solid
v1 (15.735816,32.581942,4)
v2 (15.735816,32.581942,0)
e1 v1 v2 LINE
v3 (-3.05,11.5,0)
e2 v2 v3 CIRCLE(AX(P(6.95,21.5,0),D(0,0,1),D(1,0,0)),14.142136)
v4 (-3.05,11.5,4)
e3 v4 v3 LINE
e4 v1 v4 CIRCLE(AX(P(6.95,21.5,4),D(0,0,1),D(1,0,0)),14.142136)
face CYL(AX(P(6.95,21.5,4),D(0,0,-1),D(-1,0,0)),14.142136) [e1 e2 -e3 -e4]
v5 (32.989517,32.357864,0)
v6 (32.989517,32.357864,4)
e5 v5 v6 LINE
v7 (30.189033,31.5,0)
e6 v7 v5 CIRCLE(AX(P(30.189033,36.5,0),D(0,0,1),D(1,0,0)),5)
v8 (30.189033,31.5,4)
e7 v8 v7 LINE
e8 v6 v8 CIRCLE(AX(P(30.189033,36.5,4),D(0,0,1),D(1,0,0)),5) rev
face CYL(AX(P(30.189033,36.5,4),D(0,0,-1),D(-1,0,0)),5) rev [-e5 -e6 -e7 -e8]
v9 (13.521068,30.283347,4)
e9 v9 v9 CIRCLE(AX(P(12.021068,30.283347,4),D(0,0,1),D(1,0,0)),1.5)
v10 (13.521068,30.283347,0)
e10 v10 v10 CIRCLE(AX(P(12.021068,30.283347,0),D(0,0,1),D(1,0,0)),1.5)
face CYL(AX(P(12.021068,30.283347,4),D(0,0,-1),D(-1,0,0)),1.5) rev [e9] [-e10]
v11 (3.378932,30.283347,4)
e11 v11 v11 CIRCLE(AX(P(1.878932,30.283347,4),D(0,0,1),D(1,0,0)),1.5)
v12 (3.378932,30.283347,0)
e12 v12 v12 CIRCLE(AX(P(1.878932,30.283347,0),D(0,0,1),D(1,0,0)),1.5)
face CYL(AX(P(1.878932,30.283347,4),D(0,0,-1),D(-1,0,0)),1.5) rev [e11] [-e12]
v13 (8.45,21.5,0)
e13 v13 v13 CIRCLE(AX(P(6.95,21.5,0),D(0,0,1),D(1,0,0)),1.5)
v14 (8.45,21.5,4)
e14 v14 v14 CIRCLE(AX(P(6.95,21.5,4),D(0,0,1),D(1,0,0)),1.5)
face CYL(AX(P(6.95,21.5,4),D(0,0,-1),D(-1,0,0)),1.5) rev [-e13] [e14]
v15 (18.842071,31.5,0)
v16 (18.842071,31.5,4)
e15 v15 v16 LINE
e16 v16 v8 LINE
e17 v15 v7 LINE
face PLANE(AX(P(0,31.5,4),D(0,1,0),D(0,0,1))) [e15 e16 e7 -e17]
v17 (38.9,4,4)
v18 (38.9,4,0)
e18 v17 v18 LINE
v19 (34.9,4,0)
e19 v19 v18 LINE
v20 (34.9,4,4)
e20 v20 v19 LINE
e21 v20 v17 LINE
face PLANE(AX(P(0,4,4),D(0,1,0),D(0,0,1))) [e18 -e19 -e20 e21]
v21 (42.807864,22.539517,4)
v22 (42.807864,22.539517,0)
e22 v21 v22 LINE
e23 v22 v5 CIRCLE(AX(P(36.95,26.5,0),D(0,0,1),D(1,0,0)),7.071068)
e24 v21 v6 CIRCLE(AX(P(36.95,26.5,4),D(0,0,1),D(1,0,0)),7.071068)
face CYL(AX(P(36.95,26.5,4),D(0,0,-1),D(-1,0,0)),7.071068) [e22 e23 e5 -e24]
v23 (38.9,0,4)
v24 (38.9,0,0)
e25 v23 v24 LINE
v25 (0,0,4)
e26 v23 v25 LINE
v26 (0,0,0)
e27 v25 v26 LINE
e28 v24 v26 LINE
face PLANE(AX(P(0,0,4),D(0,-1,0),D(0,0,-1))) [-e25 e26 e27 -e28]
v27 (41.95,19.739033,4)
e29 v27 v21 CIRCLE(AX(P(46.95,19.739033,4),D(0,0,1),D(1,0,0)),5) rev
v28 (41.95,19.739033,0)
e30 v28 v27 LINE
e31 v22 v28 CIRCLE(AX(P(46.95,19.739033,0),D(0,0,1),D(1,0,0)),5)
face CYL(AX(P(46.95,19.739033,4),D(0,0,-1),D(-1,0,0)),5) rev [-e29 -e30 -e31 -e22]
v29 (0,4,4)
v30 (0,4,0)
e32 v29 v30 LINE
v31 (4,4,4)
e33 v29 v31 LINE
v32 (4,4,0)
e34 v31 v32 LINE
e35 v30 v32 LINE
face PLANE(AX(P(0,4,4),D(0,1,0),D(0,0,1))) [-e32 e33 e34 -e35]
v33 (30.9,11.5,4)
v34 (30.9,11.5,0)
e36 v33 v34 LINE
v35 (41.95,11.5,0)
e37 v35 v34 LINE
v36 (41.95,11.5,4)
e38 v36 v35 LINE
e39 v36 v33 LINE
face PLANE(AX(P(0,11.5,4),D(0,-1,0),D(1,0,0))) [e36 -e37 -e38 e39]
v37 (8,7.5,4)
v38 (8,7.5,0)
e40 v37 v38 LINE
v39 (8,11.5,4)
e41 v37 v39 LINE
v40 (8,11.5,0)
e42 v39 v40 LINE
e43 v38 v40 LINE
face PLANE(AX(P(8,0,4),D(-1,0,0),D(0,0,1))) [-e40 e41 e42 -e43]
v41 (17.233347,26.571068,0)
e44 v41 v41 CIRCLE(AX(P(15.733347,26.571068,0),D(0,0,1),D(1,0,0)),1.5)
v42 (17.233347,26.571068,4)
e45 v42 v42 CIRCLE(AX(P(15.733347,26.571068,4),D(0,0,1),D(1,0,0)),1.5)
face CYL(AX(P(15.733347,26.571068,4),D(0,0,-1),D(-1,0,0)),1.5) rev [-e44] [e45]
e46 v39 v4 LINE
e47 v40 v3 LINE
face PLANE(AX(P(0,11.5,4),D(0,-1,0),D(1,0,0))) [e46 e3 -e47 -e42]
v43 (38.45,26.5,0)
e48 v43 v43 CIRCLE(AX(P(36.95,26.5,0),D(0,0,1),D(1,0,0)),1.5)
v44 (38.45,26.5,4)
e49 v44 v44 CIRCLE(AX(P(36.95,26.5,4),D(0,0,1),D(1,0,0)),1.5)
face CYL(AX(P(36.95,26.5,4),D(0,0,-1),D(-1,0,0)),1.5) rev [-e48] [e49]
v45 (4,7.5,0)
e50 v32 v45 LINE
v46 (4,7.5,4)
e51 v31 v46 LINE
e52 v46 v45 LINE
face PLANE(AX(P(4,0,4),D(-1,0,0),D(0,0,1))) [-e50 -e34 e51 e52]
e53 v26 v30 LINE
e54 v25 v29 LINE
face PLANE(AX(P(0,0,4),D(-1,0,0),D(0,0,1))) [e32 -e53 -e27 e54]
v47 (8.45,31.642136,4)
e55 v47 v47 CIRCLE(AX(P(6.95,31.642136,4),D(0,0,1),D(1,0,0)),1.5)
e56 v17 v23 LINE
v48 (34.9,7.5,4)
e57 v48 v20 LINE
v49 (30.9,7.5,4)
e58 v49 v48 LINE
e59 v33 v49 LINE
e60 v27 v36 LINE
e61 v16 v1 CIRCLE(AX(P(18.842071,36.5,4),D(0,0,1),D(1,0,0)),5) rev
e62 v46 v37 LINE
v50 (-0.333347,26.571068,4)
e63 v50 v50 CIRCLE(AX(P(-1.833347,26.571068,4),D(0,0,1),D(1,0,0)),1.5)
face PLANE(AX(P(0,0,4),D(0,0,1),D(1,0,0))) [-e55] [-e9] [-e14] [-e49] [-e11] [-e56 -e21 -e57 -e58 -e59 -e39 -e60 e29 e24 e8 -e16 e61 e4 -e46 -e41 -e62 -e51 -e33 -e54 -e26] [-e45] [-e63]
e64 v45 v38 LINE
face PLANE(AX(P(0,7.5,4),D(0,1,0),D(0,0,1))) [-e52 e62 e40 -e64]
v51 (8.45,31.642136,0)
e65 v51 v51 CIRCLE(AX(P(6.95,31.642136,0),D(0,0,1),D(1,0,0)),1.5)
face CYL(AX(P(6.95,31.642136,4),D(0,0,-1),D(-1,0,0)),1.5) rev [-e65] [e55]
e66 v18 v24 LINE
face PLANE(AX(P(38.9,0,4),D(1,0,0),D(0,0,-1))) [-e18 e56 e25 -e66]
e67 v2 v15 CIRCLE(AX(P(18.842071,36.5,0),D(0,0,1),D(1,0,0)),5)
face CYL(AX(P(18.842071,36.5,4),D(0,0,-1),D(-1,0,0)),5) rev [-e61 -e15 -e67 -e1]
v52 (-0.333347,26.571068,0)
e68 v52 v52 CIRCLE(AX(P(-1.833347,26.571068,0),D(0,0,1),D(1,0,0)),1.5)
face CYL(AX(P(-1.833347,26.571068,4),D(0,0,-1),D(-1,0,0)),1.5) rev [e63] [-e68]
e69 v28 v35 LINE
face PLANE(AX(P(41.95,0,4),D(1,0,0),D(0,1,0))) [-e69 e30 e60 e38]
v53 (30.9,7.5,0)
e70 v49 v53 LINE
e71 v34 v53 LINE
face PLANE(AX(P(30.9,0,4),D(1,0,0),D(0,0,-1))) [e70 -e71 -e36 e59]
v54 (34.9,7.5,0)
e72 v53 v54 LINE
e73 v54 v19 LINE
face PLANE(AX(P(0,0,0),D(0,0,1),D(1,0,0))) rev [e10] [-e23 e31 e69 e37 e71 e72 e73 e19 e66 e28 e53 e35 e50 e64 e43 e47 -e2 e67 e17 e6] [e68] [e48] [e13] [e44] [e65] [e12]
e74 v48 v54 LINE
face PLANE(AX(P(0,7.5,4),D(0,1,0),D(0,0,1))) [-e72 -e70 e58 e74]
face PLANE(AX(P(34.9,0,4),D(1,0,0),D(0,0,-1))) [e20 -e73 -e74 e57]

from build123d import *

# Parameters (mm, degrees)
SKETCH2_R           = 1.5
BOSS_EXTRUDE1_DEPTH = 4
FILLET1_R           = 5


with BuildPart() as part:
    # Sketch2 → Boss-Extrude1 (new body)
    with BuildSketch(Plane.XY):
        with BuildLine():
            Line((0, 4), (0, 0))
            Line((0, 0), (38.9, 0))
            Line((38.9, 0), (38.9, 4))
            Line((38.9, 4), (34.9, 4))
            Line((34.9, 4), (34.9, 7.5))
            Line((34.9, 7.5), (30.9, 7.5))
            Line((30.9, 7.5), (30.9, 11.5))
            Line((30.9, 11.5), (41.95, 11.5))
            Line((41.95, 11.5), (41.95, 21.5))
            ThreePointArc((41.95, 21.5), (41.95, 31.5), (31.95, 31.5))
            Line((31.95, 31.5), (16.95, 31.5))
            ThreePointArc((16.95, 31.5), (-3.05, 31.5), (-3.05, 11.5))
            Line((-3.05, 11.5), (8, 11.5))
            Line((8, 11.5), (8, 7.5))
            Line((8, 7.5), (4, 7.5))
            Line((4, 7.5), (4, 4))
            Line((4, 4), (0, 4))
        make_face()
        with Locations((12.021067812, 30.283347099)):
            Circle(SKETCH2_R, mode=Mode.SUBTRACT)
        with Locations((6.95, 31.642135624)):
            Circle(SKETCH2_R, mode=Mode.SUBTRACT)
        with Locations((1.878932188, 30.283347099)):
            Circle(SKETCH2_R, mode=Mode.SUBTRACT)
        with Locations((-1.833347099, 26.571067812)):
            Circle(SKETCH2_R, mode=Mode.SUBTRACT)
        with Locations((15.733347099, 26.571067812)):
            Circle(SKETCH2_R, mode=Mode.SUBTRACT)
        with Locations((6.95, 21.5)):
            Circle(SKETCH2_R, mode=Mode.SUBTRACT)
        with Locations((36.95, 26.5)):
            Circle(SKETCH2_R, mode=Mode.SUBTRACT)
    extrude(amount=BOSS_EXTRUDE1_DEPTH)

    # Fillet1
    fillet1_edges = [part.edges().sort_by_distance(p)[0] for p in [
        (16.95, 31.5, 2),
        (31.95, 31.5, 2),
        (41.95, 21.5, 2),
    ]]
    fillet(fillet1_edges, radius=FILLET1_R)


solid = part.part
